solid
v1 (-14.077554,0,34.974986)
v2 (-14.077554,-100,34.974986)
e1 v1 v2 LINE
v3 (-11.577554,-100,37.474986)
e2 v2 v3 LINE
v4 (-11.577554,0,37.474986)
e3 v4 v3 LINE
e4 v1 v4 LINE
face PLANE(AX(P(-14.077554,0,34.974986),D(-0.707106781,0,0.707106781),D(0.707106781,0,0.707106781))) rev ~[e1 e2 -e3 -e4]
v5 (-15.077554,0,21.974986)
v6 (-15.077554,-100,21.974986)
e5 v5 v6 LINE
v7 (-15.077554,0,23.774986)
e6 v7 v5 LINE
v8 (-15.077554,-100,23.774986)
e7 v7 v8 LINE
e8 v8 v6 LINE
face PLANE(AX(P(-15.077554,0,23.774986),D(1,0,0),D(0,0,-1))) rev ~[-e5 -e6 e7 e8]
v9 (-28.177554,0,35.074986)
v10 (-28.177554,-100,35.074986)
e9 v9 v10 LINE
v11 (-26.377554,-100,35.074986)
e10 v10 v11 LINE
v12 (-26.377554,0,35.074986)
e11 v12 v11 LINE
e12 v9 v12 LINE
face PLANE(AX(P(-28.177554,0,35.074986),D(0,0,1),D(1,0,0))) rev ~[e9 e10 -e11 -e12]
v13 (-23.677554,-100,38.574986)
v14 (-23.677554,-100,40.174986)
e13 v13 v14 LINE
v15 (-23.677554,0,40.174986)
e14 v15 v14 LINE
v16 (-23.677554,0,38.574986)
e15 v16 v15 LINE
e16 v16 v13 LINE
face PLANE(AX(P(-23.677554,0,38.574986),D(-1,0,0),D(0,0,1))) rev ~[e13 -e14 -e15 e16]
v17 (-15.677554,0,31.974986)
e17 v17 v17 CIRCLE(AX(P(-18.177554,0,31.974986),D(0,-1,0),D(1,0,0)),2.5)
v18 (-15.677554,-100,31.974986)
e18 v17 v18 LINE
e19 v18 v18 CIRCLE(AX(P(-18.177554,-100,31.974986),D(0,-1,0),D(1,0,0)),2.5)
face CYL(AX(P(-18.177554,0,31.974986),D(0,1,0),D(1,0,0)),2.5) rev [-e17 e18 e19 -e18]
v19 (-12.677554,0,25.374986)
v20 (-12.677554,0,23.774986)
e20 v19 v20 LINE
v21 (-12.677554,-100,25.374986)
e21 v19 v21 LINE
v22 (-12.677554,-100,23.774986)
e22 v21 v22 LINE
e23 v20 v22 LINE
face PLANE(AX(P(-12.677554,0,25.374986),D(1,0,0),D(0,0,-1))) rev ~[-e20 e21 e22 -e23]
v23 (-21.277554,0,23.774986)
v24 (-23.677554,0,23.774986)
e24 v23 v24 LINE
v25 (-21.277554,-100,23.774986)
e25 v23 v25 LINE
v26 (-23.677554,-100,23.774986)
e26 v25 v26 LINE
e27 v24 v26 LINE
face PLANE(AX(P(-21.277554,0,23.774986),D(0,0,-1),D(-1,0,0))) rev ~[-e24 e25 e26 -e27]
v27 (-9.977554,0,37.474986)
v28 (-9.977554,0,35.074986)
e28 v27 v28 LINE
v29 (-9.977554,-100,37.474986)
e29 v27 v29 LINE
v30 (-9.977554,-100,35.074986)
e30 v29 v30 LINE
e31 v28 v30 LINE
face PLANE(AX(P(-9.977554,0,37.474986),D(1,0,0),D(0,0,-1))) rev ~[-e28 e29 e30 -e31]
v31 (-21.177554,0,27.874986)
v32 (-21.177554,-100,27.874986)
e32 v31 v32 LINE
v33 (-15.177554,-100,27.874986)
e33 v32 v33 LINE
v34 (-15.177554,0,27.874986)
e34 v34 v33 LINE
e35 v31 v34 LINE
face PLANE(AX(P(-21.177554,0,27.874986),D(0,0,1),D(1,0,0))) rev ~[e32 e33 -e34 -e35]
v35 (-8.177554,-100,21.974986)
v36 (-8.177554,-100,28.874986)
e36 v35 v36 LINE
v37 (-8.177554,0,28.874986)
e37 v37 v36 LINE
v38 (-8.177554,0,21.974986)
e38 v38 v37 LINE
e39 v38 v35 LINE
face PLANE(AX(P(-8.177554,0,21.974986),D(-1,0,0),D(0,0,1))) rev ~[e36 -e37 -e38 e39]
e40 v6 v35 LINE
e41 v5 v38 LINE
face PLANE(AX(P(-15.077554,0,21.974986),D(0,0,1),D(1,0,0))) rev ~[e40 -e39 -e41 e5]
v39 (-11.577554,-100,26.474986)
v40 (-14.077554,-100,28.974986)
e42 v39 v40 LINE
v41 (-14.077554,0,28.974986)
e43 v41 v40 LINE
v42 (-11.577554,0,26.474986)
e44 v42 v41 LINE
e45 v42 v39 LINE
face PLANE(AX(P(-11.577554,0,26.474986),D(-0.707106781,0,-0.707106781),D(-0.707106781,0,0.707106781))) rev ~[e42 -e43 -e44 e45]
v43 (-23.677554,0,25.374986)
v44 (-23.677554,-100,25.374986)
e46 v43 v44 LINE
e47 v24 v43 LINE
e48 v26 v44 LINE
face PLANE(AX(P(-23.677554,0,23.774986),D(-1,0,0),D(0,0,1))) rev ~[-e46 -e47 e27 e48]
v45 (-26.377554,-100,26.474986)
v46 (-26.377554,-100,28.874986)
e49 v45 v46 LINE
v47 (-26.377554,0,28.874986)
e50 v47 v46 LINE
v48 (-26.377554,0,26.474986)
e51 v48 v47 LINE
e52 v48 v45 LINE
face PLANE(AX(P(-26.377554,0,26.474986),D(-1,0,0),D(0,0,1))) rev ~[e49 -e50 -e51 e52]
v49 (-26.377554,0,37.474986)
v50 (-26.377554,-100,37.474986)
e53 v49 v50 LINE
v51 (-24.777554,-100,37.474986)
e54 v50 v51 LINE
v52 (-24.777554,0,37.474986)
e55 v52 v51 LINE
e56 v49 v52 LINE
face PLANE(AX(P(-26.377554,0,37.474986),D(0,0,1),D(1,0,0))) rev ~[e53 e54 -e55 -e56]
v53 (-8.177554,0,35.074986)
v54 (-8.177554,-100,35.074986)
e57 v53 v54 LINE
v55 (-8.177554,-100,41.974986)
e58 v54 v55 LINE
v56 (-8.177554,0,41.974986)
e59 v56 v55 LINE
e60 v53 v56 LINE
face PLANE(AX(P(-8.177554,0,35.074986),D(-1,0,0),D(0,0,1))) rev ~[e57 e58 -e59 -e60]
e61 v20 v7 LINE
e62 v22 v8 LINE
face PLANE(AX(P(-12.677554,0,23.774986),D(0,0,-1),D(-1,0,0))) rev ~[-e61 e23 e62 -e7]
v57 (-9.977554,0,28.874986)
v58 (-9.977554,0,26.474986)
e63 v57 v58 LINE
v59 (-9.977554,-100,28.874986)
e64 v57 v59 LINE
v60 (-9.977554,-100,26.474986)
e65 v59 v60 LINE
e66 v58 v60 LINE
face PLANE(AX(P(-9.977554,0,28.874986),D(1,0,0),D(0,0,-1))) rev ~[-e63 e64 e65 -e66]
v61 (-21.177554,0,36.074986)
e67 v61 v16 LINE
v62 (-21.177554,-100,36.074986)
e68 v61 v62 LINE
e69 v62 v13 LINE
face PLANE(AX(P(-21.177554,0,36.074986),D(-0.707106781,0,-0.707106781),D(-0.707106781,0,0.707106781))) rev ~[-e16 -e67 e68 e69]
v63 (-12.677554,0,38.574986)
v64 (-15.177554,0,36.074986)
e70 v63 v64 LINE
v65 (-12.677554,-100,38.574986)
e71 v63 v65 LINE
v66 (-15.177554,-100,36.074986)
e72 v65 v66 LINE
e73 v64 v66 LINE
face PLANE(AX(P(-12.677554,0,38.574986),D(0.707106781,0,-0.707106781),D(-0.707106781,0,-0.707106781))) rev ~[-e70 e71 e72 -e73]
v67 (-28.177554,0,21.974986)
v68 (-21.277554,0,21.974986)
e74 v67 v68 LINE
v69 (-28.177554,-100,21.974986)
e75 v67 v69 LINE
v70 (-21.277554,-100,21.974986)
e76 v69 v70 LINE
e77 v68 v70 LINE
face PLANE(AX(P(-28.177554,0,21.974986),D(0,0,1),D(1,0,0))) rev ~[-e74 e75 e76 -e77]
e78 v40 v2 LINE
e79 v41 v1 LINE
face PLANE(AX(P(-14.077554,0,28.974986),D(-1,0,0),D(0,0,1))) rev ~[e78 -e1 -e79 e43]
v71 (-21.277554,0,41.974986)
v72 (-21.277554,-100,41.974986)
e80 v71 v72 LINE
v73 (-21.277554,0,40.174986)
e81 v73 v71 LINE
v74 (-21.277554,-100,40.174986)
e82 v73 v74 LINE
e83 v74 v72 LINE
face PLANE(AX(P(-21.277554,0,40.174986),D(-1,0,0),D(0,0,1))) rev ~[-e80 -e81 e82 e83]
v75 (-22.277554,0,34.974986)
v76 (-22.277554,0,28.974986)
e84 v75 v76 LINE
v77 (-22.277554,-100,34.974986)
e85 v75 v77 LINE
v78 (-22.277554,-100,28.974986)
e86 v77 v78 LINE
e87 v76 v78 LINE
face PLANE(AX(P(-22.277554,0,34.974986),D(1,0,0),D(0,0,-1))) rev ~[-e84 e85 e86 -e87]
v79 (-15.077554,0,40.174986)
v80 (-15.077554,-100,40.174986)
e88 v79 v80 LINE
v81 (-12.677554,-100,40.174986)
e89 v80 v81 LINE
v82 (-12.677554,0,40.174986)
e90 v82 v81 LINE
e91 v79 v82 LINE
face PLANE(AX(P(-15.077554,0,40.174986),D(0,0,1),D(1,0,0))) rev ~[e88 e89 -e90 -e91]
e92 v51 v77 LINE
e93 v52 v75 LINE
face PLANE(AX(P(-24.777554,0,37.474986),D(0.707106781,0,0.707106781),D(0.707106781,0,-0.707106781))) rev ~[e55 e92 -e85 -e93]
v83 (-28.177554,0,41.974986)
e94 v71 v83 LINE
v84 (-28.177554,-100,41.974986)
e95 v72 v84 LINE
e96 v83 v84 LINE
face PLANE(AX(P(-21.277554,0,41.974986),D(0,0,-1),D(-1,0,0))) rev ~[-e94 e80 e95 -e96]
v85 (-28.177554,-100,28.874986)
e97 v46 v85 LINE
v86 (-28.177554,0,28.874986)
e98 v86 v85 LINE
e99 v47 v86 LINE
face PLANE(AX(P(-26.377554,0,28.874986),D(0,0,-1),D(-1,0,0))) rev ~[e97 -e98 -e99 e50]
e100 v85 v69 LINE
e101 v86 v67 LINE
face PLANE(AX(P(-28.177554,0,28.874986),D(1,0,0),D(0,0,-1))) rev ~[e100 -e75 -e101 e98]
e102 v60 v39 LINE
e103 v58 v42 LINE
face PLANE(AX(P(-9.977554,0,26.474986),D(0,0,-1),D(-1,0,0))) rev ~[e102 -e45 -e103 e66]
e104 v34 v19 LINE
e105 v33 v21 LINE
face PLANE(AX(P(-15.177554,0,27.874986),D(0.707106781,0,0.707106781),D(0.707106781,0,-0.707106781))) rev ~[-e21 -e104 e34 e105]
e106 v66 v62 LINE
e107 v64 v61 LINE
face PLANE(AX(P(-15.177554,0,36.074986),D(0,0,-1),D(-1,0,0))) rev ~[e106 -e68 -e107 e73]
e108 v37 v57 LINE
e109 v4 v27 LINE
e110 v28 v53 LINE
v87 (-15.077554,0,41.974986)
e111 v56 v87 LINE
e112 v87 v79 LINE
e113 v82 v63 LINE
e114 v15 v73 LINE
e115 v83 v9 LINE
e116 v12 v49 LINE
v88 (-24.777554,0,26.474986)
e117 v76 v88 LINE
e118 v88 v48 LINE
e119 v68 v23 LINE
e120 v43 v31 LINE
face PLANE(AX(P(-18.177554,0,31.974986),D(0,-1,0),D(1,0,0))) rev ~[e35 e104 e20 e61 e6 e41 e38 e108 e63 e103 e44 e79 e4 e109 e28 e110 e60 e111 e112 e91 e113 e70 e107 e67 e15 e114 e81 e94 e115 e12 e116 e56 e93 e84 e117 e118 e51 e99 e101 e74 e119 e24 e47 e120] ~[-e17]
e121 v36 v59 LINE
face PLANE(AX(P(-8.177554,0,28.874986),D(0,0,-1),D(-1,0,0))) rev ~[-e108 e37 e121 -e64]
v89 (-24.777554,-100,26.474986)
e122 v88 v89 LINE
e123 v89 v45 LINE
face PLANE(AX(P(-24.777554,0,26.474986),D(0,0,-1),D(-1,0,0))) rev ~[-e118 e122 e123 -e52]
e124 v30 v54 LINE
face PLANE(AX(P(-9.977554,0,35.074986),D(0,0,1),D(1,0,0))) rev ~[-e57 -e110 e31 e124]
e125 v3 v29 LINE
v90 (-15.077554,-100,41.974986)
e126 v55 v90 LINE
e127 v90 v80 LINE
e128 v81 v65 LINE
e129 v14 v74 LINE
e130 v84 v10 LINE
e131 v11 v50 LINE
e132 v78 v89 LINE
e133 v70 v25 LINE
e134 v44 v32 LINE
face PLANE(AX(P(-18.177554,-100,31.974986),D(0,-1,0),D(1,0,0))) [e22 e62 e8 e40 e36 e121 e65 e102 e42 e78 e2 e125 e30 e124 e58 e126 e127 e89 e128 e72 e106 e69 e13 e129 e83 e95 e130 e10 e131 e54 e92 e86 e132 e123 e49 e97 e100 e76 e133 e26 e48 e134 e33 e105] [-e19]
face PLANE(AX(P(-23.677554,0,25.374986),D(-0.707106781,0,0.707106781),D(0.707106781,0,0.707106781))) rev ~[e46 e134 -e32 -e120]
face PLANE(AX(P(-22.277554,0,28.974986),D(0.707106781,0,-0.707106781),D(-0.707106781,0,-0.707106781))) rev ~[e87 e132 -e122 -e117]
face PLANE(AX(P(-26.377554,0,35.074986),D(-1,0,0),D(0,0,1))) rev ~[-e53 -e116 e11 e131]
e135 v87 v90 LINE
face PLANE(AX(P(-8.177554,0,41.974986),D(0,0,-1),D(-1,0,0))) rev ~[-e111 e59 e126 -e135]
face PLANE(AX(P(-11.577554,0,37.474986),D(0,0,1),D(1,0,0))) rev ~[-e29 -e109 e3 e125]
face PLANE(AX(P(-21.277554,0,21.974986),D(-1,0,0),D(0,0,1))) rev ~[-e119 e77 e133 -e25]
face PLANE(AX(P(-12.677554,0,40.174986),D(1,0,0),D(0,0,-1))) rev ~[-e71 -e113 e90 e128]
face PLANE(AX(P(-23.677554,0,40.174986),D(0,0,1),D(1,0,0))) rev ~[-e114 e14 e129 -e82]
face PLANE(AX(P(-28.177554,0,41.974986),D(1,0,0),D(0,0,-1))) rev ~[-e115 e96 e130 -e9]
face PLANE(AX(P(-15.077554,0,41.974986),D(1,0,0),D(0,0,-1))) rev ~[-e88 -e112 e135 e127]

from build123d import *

# Parameters (mm, degrees)
F0_R     = 2.5
F1_DEPTH = 100


with BuildPart() as f1:
    # F0 (on Front) → F1 (new body)
    with BuildSketch(Plane.XZ):
        Polygon((-21.277554, 41.974986), (-28.177554, 41.974986), (-28.177554, 35.074986), (-26.377554, 35.074986), (-26.377554, 37.474986), (-24.777554, 37.474986), (-22.277554, 34.974986), (-22.277554, 28.974986), (-24.777554, 26.474986), (-26.377554, 26.474986), (-26.377554, 28.874986), (-28.177554, 28.874986), (-28.177554, 21.974986), (-21.277554, 21.974986), (-21.277554, 23.774986), (-23.677554, 23.774986), (-23.677554, 25.374986), (-21.177554, 27.874986), (-18.177554, 27.874986), (-15.177554, 27.874986), (-12.677554, 25.374986), (-12.677554, 23.774986), (-15.077554, 23.774986), (-15.077554, 21.974986), (-8.177554, 21.974986), (-8.177554, 28.874986), (-9.977554, 28.874986), (-9.977554, 26.474986), (-11.577554, 26.474986), (-14.077554, 28.974986), (-14.077554, 34.974986), (-11.577554, 37.474986), (-9.977554, 37.474986), (-9.977554, 35.074986), (-8.177554, 35.074986), (-8.177554, 41.974986), (-15.077554, 41.974986), (-15.077554, 40.174986), (-12.677554, 40.174986), (-12.677554, 38.574986), (-15.177554, 36.074986), (-18.177554, 36.074986), (-21.177554, 36.074986), (-23.677554, 38.574986), (-23.677554, 40.174986), (-21.277554, 40.174986), align=None)
        with Locations((-18.177554, 31.974986)):
            Circle(F0_R, mode=Mode.SUBTRACT)
    extrude(amount=F1_DEPTH)


solid = f1.part
